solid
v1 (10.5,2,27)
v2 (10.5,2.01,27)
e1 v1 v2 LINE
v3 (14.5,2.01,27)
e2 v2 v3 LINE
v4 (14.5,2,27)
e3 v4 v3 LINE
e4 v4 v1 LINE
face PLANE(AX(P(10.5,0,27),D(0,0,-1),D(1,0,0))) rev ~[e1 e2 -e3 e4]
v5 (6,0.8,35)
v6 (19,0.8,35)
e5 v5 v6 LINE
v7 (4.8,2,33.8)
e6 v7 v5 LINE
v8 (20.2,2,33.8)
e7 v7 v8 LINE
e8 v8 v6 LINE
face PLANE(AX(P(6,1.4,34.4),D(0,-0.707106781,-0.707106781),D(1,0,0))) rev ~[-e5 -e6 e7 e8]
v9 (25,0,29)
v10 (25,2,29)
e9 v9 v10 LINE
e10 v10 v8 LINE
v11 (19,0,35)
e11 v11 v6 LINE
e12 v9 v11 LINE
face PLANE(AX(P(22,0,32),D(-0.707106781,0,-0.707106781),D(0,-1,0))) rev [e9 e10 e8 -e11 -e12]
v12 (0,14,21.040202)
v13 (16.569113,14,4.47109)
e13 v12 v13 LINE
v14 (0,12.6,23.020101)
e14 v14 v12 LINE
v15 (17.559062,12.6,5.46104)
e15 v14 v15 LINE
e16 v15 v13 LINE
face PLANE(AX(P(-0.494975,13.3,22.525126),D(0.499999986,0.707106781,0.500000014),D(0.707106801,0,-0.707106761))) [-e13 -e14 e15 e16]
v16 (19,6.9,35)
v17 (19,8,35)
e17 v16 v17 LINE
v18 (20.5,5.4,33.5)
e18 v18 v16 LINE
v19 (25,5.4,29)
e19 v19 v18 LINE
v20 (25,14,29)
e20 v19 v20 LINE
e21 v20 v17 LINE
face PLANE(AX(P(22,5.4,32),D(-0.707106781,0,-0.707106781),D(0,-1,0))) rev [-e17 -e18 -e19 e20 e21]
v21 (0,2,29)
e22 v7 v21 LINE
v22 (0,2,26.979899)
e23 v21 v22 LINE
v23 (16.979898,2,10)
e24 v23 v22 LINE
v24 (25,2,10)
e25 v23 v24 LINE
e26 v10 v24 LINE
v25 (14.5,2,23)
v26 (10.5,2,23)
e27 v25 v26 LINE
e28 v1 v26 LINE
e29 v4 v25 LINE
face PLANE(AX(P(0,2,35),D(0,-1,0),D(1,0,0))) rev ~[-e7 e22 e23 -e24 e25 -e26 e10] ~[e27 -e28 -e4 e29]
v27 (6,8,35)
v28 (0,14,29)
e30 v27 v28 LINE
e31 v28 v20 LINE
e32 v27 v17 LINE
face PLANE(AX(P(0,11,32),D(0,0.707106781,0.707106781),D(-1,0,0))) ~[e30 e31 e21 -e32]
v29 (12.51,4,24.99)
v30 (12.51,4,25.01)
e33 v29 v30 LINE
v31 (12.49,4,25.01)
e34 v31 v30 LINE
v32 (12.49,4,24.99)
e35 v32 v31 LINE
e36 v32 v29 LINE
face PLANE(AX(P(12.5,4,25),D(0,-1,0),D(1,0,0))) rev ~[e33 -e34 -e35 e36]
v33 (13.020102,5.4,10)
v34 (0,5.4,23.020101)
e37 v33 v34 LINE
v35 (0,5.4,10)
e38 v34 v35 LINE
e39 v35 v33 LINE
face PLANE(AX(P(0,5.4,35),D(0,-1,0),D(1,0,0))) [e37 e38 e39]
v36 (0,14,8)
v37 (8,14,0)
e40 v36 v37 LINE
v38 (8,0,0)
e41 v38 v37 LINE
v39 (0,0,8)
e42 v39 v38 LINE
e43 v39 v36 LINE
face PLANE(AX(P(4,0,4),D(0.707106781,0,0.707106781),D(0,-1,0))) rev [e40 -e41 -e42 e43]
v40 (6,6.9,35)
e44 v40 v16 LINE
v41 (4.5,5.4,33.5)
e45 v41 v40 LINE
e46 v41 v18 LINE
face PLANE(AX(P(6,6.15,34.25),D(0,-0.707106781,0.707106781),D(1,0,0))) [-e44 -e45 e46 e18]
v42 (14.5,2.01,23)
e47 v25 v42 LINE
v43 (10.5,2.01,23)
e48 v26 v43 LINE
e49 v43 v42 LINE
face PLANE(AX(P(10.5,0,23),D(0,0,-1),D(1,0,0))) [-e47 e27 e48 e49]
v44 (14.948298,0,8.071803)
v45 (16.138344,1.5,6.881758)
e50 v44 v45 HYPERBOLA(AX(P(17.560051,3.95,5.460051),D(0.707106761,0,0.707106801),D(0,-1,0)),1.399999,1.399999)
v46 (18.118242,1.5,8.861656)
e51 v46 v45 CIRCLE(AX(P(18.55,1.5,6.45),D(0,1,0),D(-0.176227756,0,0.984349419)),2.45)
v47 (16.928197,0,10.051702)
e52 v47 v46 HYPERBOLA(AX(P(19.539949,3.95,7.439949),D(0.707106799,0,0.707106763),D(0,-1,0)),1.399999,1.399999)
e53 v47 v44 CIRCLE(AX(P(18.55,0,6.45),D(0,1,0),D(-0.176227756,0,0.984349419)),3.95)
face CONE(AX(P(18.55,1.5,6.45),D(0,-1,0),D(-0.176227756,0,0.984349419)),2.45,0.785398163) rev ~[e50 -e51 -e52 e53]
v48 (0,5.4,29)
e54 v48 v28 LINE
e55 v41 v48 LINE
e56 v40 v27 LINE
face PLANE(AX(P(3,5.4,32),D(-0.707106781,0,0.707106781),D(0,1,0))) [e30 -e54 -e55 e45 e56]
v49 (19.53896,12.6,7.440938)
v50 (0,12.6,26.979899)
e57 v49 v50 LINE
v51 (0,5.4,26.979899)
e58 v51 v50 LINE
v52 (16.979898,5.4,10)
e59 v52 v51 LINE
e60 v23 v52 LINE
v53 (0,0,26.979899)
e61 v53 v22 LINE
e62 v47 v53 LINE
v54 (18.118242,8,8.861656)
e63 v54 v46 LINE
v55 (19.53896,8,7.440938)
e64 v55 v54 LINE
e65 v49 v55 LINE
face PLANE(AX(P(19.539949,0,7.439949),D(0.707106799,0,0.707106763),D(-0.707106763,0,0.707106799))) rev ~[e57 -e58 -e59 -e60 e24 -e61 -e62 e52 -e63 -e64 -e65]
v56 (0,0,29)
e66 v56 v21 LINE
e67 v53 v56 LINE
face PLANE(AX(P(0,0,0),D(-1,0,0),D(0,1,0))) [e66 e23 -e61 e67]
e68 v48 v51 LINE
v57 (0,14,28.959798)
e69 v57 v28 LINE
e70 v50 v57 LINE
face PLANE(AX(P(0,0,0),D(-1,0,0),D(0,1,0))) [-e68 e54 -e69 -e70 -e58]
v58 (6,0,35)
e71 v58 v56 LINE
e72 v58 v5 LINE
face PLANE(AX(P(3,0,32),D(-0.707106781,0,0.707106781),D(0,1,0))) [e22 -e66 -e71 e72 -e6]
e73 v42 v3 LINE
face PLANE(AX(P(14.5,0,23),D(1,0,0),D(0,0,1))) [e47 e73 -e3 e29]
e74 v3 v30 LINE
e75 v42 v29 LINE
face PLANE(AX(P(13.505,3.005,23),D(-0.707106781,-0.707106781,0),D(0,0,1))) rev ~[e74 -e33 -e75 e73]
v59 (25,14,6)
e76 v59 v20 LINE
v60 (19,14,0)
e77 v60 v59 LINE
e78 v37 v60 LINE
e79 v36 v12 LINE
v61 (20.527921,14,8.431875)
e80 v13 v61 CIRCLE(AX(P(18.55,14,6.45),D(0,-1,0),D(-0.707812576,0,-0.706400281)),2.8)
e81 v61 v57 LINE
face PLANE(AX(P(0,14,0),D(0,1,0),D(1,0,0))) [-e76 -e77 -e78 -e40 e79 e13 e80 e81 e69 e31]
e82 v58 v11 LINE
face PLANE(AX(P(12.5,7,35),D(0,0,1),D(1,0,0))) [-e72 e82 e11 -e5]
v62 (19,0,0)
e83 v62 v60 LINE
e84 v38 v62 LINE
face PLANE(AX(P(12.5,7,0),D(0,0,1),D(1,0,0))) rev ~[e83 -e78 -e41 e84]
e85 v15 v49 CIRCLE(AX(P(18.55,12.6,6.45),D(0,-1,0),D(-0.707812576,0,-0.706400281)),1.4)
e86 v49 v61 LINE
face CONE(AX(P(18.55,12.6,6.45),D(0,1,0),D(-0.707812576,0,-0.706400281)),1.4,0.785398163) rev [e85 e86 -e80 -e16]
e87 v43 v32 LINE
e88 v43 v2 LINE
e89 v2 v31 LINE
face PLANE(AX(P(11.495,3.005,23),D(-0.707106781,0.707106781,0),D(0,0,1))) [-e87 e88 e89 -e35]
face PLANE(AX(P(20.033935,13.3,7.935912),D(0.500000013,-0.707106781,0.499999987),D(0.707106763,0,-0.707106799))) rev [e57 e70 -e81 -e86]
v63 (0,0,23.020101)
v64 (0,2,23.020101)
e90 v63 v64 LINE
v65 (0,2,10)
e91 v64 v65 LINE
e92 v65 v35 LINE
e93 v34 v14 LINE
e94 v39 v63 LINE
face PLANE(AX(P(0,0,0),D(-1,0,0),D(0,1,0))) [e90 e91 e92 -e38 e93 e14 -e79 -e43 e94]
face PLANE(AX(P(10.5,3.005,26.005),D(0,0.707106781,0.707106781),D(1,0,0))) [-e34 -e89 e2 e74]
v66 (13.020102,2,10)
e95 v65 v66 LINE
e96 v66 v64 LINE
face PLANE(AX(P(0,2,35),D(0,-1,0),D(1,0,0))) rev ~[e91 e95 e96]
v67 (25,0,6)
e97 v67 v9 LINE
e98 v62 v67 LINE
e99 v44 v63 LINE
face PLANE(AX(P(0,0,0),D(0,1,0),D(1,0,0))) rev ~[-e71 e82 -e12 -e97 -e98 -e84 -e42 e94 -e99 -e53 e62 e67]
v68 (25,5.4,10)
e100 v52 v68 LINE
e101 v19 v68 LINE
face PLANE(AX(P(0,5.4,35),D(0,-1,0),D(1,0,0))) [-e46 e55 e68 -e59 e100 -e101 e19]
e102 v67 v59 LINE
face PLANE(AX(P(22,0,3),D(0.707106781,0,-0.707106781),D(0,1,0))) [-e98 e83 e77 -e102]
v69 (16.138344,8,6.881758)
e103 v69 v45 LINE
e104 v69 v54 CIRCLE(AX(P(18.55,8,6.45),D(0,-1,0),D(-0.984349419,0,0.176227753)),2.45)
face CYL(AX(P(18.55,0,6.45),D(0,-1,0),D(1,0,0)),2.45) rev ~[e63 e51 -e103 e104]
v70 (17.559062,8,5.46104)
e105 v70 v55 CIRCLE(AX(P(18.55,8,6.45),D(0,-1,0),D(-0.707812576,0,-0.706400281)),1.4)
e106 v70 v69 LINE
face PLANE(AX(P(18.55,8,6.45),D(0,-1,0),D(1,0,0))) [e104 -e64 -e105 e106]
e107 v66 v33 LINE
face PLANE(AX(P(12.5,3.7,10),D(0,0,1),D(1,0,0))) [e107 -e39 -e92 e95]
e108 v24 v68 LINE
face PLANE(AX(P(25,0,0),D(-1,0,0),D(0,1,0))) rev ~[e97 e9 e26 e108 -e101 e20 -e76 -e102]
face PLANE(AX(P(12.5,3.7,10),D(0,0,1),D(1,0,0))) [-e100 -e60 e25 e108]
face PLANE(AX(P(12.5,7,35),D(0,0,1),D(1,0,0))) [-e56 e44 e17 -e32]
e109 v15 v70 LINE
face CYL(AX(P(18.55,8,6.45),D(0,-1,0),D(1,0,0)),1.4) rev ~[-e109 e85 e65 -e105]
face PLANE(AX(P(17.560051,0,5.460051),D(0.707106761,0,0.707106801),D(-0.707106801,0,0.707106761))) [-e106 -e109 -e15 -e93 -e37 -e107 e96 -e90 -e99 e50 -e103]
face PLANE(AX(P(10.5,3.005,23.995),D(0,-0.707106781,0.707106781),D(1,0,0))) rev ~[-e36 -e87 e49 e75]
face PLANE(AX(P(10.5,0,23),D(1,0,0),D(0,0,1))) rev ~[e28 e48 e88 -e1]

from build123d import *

# Parameters (mm, degrees)
BOX_W           = 25
BOX_H           = 14
BOX_DEPTH       = 35
SKETCH_W        = 25
SKETCH_H        = 3.4
POCKET_DEPTH    = 25
SKETCH001_R     = 2.45
POCKET001_DEPTH = 8
SKETCH002_R     = 1.4
POCKET002_DEPTH = 6.001
SKETCH003_W     = 4
SKETCH003_H     = 4
PAD_DEPTH       = 4
CHAMFER_SIZE    = 1.99
POCKET003_DEPTH = 17
CHAMFER001_SIZE = 8
CHAMFER002_SIZE = 6
CHAMFER003_SIZE = 6
CHAMFER004_SIZE = 1.5
CHAMFER005_SIZE = 1.4
CHAMFER006_SIZE = 1.2
CHAMFER007_SIZE = 1.5


with BuildPart() as pocket002:
    # Box → Box (new body)
    with BuildSketch(Plane.XY):
        with Locations((12.5, 7)):
            Rectangle(BOX_W, BOX_H)
    extrude(amount=BOX_DEPTH)

    # Sketch → Pocket (cut)
    with BuildSketch(Plane.XY.offset(35)):
        with Locations((12.5, 3.7)):
            Rectangle(SKETCH_W, SKETCH_H)
    extrude(amount=-POCKET_DEPTH, mode=Mode.SUBTRACT)

    # Sketch001 → Pocket001 (cut)
    with BuildSketch(Plane.XZ):
        with Locations((18.55, 6.45)):
            Circle(SKETCH001_R)
    extrude(amount=-POCKET001_DEPTH, mode=Mode.SUBTRACT)

    # Sketch002 → Pocket002 (cut, through all)
    with BuildSketch(Plane.XZ.offset(-8)):
        with Locations((18.55, 6.45)):
            Circle(SKETCH002_R)
    extrude(amount=-POCKET002_DEPTH, mode=Mode.SUBTRACT)


with BuildPart() as chamfer007:
    # Sketch003 → Pad (new body)
    with BuildSketch(Plane.XZ):
        with Locations((12.5, 25)):
            Rectangle(SKETCH003_W, SKETCH003_H)
    extrude(amount=-PAD_DEPTH)

    # Chamfer
    chamfer_edges = [chamfer007.edges().sort_by_distance(p)[0] for p in [
        (12.5, 4, 23),
        (10.5, 4, 25),
        (12.5, 4, 27),
        (14.5, 4, 25),
    ]]
    chamfer(chamfer_edges, length=CHAMFER_SIZE)

    # Fusion: union Pocket002
    add(pocket002.part)

    # Sketch005 → Pocket003 (cut)
    with BuildSketch(Plane.XZ):
        with BuildLine():
            ThreePointArc((19.539949, 7.439949), (17.560051, 7.439949), (17.560051, 5.460051))
            Line((17.560051, 5.460051), (0, 23.020101))
            Line((0, 26.979899), (0, 23.020101))
            Line((19.539949, 7.439949), (0, 26.979899))
        make_face()
    extrude(amount=-POCKET003_DEPTH, mode=Mode.SUBTRACT)

    # Chamfer001
    chamfer001_edges = [chamfer007.edges().sort_by_distance(p)[0] for p in [
        (0, 7, 0),
    ]]
    chamfer(chamfer001_edges, length=CHAMFER001_SIZE)

    # Chamfer002
    chamfer002_edges = [chamfer007.edges().sort_by_distance(p)[0] for p in [
        (25, 7, 0),
    ]]
    chamfer(chamfer002_edges, length=CHAMFER002_SIZE)

    # Chamfer003
    chamfer003_edges = [chamfer007.edges().sort_by_distance(p)[0] for p in [
        (0, 9.7, 35),
        (25, 9.7, 35),
        (0, 1, 35),
        (25, 1, 35),
        (12.5, 14, 35),
    ]]
    chamfer(chamfer003_edges, length=CHAMFER003_SIZE)

    # Chamfer004
    chamfer004_edges = [chamfer007.edges().sort_by_distance(p)[0] for p in [
        (20.12237, 0, 8.32887),
    ]]
    chamfer(chamfer004_edges, length=CHAMFER004_SIZE)

    # Chamfer005
    chamfer005_edges = [chamfer007.edges().sort_by_distance(p)[0] for p in [
        (19.085757, 14, 5.156569),
    ]]
    chamfer(chamfer005_edges, length=CHAMFER005_SIZE)

    # Chamfer006
    chamfer006_edges = [chamfer007.edges().sort_by_distance(p)[0] for p in [
        (12.5, 2, 35),
    ]]
    chamfer(chamfer006_edges, length=CHAMFER006_SIZE)

    # Chamfer007
    chamfer007_edges = [chamfer007.edges().sort_by_distance(p)[0] for p in [
        (12.5, 5.4, 35),
    ]]
    chamfer(chamfer007_edges, length=CHAMFER007_SIZE)


solid = chamfer007.part
